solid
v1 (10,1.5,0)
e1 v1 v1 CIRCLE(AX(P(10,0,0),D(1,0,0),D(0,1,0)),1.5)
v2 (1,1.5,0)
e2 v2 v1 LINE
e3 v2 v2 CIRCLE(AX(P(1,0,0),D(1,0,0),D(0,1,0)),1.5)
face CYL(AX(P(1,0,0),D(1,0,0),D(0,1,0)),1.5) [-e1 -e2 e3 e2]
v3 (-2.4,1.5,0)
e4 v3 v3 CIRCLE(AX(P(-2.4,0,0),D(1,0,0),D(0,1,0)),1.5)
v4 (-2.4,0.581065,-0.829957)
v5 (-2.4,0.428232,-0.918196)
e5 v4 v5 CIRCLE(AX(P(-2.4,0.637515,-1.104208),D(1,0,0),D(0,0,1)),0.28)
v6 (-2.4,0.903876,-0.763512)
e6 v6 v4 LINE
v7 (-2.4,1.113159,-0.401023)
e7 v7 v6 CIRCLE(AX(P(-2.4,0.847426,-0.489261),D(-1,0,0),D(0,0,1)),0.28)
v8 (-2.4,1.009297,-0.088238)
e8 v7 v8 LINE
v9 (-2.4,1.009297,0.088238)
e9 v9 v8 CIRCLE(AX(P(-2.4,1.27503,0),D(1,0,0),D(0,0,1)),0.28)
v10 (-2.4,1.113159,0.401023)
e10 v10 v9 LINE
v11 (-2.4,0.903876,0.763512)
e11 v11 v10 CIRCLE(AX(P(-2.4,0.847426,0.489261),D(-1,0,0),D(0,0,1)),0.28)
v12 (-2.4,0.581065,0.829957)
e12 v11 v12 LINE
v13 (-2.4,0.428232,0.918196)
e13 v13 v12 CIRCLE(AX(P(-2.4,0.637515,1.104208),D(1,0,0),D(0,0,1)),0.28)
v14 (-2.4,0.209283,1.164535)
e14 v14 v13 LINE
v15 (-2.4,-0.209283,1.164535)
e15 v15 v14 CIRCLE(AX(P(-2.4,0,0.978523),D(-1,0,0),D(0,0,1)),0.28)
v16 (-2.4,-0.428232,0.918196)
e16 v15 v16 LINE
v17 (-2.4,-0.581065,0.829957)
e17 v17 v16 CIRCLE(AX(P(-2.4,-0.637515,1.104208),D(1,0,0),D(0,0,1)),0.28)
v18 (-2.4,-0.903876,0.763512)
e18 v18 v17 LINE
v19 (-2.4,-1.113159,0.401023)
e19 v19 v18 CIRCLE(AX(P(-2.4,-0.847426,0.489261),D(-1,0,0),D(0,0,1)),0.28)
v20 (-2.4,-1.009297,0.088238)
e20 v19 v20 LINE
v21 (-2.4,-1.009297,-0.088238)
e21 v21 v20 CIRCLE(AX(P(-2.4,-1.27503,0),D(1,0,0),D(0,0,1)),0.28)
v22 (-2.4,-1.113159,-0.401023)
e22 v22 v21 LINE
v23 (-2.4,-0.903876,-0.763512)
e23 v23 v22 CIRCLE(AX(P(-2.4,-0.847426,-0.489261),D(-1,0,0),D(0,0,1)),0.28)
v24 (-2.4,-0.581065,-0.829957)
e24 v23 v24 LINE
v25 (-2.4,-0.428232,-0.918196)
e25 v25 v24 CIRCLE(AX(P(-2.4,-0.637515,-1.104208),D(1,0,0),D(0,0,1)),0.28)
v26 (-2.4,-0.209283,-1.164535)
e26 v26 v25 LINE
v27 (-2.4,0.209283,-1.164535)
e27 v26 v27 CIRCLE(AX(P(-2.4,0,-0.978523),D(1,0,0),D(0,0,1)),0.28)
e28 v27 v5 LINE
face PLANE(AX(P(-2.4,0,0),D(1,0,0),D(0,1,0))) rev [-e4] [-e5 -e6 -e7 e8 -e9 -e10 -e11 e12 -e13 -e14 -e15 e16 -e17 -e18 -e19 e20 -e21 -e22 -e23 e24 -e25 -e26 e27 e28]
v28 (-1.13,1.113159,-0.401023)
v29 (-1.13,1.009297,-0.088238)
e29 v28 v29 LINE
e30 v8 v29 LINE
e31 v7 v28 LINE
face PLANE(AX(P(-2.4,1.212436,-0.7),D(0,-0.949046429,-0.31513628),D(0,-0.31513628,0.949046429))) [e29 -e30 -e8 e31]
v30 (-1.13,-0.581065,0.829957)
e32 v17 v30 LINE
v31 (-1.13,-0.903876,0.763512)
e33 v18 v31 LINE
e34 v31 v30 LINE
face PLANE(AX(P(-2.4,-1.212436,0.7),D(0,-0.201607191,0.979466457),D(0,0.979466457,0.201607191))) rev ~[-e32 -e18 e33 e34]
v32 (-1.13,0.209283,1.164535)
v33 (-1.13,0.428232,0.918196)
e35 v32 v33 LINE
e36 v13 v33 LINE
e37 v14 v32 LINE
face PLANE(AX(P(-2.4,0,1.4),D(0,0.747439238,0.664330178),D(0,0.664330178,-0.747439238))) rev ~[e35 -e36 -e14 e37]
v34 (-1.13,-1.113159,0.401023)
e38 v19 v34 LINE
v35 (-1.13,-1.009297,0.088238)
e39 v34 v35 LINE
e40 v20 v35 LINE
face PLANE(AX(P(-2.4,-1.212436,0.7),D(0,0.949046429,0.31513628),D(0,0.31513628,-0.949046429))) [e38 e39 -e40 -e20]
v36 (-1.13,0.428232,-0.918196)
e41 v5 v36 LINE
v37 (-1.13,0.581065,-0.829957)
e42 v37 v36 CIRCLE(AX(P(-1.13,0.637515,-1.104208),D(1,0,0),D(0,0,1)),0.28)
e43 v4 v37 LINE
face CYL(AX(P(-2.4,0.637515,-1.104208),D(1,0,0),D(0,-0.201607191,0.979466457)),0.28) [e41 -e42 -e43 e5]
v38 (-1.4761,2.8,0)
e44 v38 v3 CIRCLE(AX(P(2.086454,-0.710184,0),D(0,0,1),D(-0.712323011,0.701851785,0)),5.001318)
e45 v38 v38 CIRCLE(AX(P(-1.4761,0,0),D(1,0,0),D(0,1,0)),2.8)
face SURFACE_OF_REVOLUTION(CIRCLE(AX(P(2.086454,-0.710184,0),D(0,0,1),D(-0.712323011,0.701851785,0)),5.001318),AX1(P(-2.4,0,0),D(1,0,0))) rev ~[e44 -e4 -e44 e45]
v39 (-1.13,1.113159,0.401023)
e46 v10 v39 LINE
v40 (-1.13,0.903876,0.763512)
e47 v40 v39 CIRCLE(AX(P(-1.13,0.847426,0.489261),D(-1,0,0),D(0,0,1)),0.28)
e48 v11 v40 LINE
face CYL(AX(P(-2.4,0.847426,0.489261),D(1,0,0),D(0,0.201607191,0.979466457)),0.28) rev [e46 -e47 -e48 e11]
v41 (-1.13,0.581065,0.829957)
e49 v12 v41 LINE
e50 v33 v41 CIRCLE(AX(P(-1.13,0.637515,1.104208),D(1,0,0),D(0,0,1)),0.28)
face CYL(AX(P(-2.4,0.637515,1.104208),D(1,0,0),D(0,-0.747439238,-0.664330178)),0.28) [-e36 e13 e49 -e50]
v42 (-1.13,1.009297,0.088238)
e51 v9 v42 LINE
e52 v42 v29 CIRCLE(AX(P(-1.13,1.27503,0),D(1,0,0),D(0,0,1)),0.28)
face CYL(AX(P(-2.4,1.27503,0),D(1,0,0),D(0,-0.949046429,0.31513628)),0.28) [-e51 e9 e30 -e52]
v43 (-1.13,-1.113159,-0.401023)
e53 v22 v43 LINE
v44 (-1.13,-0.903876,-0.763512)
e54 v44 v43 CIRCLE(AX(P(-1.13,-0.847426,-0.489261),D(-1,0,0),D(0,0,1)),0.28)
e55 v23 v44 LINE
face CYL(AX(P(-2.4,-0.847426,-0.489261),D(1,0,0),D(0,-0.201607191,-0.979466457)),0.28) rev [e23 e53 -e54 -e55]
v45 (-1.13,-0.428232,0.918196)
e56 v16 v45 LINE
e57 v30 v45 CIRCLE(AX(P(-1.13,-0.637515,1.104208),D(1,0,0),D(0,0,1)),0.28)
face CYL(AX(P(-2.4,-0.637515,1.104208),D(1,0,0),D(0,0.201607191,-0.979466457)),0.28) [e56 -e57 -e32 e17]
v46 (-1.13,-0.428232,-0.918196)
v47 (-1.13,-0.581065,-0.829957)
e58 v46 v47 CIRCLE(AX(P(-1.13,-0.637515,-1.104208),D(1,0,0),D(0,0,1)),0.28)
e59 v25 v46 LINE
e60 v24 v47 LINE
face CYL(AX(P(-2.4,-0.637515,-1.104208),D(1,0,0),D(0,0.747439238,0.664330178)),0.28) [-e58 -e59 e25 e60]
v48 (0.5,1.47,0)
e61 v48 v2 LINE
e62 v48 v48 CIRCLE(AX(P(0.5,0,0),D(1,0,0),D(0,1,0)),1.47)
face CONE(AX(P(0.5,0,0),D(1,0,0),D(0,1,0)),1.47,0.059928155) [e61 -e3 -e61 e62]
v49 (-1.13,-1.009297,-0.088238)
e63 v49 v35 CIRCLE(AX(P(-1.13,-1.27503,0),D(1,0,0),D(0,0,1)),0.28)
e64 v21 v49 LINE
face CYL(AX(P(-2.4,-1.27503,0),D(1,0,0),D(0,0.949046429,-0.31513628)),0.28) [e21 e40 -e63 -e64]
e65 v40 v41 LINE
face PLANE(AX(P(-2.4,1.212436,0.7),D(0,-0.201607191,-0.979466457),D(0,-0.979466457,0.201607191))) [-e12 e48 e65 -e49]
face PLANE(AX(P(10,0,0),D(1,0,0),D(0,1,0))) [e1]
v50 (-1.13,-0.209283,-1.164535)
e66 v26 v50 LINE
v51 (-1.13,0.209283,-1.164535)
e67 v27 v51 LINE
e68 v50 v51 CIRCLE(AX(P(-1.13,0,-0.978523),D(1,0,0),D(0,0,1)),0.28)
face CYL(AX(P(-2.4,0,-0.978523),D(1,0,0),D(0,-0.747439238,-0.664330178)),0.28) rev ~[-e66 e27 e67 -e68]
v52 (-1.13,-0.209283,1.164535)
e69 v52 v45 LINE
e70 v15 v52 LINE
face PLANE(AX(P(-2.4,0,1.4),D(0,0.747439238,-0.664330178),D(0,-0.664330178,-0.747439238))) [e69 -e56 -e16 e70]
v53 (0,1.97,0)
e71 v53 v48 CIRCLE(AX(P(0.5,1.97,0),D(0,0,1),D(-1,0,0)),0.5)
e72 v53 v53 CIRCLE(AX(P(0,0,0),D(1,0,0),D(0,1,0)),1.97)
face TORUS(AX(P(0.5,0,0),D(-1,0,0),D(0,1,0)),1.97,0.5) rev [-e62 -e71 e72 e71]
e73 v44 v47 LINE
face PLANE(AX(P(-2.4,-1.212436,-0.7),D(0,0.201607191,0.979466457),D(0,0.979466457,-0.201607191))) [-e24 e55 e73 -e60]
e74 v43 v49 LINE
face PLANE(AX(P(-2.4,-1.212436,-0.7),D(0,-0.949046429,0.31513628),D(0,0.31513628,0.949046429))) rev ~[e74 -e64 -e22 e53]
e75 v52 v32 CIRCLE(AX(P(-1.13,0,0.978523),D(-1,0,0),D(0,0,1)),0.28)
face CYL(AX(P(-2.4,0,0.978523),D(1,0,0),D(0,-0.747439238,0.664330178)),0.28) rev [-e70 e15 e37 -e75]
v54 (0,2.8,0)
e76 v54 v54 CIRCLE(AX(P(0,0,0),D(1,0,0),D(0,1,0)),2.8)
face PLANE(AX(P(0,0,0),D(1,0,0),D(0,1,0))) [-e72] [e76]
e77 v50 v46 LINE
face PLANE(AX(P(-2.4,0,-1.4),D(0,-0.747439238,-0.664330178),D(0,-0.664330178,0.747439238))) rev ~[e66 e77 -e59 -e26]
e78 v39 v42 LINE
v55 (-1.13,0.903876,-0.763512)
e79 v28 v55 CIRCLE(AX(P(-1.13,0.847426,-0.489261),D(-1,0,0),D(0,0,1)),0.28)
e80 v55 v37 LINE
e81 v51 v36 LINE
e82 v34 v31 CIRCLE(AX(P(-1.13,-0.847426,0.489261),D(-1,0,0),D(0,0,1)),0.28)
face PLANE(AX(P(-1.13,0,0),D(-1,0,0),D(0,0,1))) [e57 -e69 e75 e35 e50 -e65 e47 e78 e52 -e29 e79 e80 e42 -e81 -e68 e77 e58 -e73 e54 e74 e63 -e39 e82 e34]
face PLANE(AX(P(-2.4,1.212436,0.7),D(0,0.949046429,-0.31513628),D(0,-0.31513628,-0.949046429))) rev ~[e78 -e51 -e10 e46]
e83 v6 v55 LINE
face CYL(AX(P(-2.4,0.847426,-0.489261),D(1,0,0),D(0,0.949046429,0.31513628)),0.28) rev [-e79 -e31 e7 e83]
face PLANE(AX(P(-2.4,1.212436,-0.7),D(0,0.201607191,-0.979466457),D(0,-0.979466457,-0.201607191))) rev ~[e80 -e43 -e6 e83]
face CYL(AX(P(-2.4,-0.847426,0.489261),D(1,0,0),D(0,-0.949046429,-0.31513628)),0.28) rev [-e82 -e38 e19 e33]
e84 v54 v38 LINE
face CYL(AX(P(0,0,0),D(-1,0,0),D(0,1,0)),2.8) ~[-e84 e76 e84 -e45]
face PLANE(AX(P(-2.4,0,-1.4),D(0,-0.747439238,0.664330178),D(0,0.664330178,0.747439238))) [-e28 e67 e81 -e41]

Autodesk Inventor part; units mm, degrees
ref_plane "YZ Plane" through (0, 0, 0) normal (1, 0, 0) x (0, 1, 0)
ref_plane "XZ Plane" through (0, 0, 0) normal (0, 1, 0) x (-1, 0, 0)
ref_plane "XY Plane" through (0, 0, 0) normal (0, 0, 1) x (1, 0, 0)
sketch "Sketch4" plane through (0, 0, 0) normal (0, 0, 1) x (1, 0, 0)
  line L0 (-2.4, 0) -> (10, 0)
  line L1 (0, 0) -> (-2.4, 0)
  line L2 (0, 2.8) -> (0, 1.97)
  line L3 (0.5, 1.47) -> (0.5, 1.47)
  line L4 (0.5, 1.47) -> (1, 1.5)
  arc A0 (0, 1.97) -> (0.5, 1.47) centre (0.5, 1.97) ccw
  line L5 (-2.4, 0) -> (-2.4, 1.5)
  line L6 (0, 2.8) -> (-1.4761, 2.8)
  arc A1 (-1.4761, 2.8) -> (-2.4, 1.5) centre (2.0854, -0.7093) ccw
  line L7 (1, 1.5) -> (10, 1.5)
  line L8 (10, 1.5) -> (10, 0)
  point P0 (0, 1.47)
  dimension "d71" = 0.5
  dimension "d72" = 10
  dimension "d74" = 0.5
  dimension "d75" = 2.94
  dimension "d78" = 3
  dimension "d82" = 5
  dimension "d83" = 2.4
  dimension "d84" = 5.6
  dimension "d104" = 9
  dimension "d105" = 3
revolve "Revolution7" add sketch "Sketch4" angle 360 about axis through (-2.4, 0, 0) along (1, 0, 0)
sketch "Sketch5" plane through (-2.4, 0, 0) normal (-1, 0, 0) x (0, 0, 1)
  circle A0 centre (0, 0) radius 1.4 construction
  circle A1 centre (0, 0) radius 0.98 construction
  line L0 (0, 0) -> (-0.8487, 0.49)
  line L1 (0, 0) -> (-0.8487, -0.49)
  line L2 (-1.8008, 0) -> (1.7887, 0)
  line L3 (-1.4, 0) -> (-0.8487, -0.49)
  line L4 (-1.4, 0) -> (-0.8487, 0.49)
  point P0 (0, 0)
  dimension "d88" = 2.8
  dimension "d89" = 1.96
  dimension "d90" = 30
  dimension "d91" = 30
extrude "Extrusion1" cut sketch "Sketch5" against normal blind 1.27
pattern_circular "Circular Pattern1" count 6 over 360 about axis through (-10, 0, 0) along (1, 0, 0) of "Extrusion1"
fillet "Fillet1" radius 0.28 12 edges at (-1.765, -1.2124, -0.7) (-1.765, -0.49, -0.8487) (-1.765, -0.98, 0) (-1.765, -1.2124, 0.7) (-1.765, -0.49, 0.8487) (-1.765, 0, 1.4) (-1.765, 0.98, 0) (-1.765, 1.2124, 0.7) (-1.765, 0.49, 0.8487) (-1.765, 0.49, -0.8487) (-1.765, 0, -1.4) (-1.765, 1.2124, -0.7)
thread "Thread7" size "M3x0.5" class "6g" standard "ISO Metric profile" length 9
equation "\"a\" = 1"
equation "\"b\" = 9"
equation "\"dk\" = 5.6"
equation "\"k\" = 2.4"
equation "\"r\" = 0.5"
equation "\"rf\" = 5"
equation "\"x\" = 0.5"
equation "\"A_\" = 2.8"
equation "\"t\" = 1.27"
equation "\"p\" = 0.5"
equation "\"d\" = 3"
equation "\"ds_\" = 2.94"
equation "\"lg\" = 0"
properties part number "Винты со звездообразным углублением в плоско-выпуклой головке ISO 14583 — M3 x 10 — 4.8" material "Сталь"
